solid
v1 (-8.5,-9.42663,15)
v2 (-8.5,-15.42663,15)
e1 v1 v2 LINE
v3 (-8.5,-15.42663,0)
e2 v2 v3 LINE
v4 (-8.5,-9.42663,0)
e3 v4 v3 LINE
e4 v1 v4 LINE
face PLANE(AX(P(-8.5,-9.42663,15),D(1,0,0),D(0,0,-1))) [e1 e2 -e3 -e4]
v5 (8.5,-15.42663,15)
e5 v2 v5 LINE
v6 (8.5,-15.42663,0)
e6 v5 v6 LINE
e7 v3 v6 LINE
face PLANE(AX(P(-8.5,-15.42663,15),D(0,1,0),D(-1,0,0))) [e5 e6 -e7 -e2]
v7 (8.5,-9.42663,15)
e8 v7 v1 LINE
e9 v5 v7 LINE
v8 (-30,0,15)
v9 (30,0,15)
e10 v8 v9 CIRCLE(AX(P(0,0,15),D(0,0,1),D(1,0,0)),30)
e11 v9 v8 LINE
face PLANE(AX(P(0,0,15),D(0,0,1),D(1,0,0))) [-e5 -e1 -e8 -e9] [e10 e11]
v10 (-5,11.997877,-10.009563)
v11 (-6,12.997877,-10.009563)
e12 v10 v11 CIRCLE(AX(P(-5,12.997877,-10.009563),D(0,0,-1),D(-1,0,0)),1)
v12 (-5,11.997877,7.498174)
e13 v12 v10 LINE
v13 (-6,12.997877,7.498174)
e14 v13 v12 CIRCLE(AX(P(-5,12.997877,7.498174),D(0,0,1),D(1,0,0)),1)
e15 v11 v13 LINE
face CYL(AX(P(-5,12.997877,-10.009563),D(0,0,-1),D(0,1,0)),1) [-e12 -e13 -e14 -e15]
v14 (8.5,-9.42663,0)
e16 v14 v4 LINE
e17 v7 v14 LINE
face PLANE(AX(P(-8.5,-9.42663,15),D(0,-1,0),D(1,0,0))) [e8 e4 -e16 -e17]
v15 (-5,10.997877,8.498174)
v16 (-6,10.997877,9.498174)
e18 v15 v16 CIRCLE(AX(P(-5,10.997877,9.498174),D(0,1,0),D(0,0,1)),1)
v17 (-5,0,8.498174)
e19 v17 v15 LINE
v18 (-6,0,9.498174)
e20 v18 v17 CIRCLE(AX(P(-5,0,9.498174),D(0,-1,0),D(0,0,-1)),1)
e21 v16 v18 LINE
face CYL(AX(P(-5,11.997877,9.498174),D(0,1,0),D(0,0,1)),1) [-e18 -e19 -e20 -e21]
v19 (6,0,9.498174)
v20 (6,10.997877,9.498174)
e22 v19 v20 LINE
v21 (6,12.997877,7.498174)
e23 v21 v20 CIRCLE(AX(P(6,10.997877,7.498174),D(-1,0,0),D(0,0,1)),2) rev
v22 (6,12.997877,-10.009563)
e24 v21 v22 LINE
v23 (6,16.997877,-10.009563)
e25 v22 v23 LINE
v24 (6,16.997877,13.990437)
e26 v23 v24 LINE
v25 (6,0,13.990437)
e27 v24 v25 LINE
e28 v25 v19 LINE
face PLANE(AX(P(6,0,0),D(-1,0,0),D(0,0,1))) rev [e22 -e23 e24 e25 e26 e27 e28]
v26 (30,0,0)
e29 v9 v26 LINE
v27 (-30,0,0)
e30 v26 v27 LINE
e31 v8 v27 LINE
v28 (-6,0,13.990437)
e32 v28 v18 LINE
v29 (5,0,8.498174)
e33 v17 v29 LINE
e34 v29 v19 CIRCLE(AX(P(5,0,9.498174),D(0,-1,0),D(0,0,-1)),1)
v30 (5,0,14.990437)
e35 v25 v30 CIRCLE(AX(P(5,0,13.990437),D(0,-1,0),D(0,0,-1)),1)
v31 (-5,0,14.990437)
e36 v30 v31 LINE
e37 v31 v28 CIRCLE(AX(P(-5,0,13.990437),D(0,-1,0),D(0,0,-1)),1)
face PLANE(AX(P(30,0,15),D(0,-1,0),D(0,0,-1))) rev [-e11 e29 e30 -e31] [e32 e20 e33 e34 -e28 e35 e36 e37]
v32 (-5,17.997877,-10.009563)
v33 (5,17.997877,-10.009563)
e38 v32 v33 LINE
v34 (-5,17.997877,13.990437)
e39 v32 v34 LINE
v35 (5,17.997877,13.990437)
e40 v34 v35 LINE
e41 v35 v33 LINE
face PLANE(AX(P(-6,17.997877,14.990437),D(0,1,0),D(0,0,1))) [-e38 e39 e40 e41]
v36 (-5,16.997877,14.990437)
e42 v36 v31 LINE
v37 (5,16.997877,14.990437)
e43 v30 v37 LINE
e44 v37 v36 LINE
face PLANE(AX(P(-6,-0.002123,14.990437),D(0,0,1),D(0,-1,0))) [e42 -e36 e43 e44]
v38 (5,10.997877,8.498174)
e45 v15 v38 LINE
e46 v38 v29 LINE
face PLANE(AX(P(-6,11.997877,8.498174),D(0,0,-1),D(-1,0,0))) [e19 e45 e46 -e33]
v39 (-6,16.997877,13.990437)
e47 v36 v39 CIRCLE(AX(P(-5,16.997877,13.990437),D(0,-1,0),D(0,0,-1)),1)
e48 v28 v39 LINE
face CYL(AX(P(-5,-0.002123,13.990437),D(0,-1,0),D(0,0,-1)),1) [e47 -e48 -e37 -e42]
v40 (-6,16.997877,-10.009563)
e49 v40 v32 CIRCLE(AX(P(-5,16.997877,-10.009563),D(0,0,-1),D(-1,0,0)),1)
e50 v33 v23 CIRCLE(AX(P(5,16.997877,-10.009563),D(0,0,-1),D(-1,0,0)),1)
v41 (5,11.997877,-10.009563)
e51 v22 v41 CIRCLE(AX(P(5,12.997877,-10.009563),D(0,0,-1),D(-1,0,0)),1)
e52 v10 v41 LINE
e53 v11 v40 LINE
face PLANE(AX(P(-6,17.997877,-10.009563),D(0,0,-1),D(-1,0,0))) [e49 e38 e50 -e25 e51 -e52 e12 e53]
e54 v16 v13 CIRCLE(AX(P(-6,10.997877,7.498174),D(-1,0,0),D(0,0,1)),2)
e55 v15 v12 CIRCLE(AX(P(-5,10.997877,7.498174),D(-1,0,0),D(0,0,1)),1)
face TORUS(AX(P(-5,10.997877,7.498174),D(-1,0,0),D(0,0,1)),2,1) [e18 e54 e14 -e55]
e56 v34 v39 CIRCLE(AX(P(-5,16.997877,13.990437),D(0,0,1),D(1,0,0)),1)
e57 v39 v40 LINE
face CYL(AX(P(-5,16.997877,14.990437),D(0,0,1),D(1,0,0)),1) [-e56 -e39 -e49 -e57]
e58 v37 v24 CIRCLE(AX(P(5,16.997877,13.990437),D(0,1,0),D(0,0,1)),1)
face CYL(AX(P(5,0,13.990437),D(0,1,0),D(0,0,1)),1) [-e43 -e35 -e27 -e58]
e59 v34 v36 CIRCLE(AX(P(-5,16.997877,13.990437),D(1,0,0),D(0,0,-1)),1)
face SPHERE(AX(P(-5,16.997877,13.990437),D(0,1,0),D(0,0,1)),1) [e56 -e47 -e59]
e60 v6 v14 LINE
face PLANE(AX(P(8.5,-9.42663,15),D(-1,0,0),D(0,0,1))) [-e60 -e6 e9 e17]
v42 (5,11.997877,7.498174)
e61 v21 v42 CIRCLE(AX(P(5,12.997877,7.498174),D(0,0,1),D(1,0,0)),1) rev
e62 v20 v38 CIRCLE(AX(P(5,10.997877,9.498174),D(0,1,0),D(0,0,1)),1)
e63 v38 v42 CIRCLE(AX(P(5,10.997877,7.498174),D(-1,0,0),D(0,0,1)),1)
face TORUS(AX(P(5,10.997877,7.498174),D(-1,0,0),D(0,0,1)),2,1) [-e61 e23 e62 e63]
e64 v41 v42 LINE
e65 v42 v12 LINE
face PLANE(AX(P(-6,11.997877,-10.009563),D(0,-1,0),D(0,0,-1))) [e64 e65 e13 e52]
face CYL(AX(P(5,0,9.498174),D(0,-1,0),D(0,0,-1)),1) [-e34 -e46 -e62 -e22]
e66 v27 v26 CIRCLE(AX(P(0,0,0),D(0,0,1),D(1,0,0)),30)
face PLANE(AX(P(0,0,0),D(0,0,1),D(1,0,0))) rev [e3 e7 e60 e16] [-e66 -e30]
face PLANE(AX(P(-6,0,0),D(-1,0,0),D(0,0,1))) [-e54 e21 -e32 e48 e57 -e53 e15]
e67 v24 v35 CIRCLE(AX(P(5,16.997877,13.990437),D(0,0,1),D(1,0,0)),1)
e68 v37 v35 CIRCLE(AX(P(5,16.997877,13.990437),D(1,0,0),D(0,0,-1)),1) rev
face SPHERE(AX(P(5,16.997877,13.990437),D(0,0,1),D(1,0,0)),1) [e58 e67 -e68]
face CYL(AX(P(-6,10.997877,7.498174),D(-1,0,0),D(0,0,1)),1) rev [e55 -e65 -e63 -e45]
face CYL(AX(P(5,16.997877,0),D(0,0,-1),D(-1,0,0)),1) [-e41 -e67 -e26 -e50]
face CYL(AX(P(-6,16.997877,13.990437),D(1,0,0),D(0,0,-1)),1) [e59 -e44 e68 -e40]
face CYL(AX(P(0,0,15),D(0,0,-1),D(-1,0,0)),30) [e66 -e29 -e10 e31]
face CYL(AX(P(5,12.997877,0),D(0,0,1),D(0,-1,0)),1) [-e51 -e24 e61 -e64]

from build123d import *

# Parameters (mm, degrees)
SKETCH_1_W           = 17
SKETCH_1_H           = 6
EXTRUDE_1_DEPTH      = 15
EXTRUDE_2_DEPTH      = 6
EXTRUDE_2_DEPTH_BACK = 6
FILLET_4_R           = 1
FILLET_5_R           = 1
FILLET_6_R           = 1


with BuildPart() as part:
    # Эскиз1 → Бобышка-Вытянуть1 (new body)
    with BuildSketch(Plane.XY):
        with BuildLine():
            Line((30, 0), (-30, 0))
            ThreePointArc((-30, 0), (0, -30), (30, 0))
        make_face()
        with Locations((0, -12.426630435)):
            Rectangle(SKETCH_1_W, SKETCH_1_H, mode=Mode.SUBTRACT)
    extrude(amount=EXTRUDE_1_DEPTH)

    # Эскиз6 → Бобышка-Вытянуть2 (add, two sides: drawn at the far end of the back side and taken through both)
    with BuildSketch(Plane(origin=(0, 0, 0), x_dir=(0, 0, -1), z_dir=(1, 0, 0)).offset(-EXTRUDE_2_DEPTH_BACK)):
        Polygon((-14.990436671, -0.00212283), (-14.990436671, 17.99787717), (10.009563329, 17.99787717), (10.009563329, 11.99787717), (-8.498173606, 11.99787717), (-8.498173606, -0.00212283), align=None)
    extrude(amount=EXTRUDE_2_DEPTH + EXTRUDE_2_DEPTH_BACK)

    # Скругление4
    fillet_4_edges = [part.edges().sort_by_distance(p)[0] for p in [
        (-6, 8.998938585, 14.990436671),
    ]]
    fillet(fillet_4_edges, radius=FILLET_4_R)

    # Скругление5
    fillet_5_edges = [part.edges().sort_by_distance(p)[0] for p in [
        (6, 8.998938585, 14.990436671),
        (6, 17.99787717, 2.490436671),
        (-6, 17.99787717, 1.990436671),
        (0.5, 17.99787717, 14.990436671),
        (-5.707106781, 17.99787717, 14.697543453),
    ]]
    fillet(fillet_5_edges, radius=FILLET_5_R)

    # Скругление6
    fillet_6_edges = [part.edges().sort_by_distance(p)[0] for p in [
        (-6, 5.998938585, 8.498173606),
        (0, 11.99787717, 8.498173606),
        (6, 5.998938585, 8.498173606),
        (6, 11.99787717, -0.755694861),
        (-6, 11.99787717, -0.755694861),
    ]]
    fillet(fillet_6_edges, radius=FILLET_6_R)


solid = part.part
